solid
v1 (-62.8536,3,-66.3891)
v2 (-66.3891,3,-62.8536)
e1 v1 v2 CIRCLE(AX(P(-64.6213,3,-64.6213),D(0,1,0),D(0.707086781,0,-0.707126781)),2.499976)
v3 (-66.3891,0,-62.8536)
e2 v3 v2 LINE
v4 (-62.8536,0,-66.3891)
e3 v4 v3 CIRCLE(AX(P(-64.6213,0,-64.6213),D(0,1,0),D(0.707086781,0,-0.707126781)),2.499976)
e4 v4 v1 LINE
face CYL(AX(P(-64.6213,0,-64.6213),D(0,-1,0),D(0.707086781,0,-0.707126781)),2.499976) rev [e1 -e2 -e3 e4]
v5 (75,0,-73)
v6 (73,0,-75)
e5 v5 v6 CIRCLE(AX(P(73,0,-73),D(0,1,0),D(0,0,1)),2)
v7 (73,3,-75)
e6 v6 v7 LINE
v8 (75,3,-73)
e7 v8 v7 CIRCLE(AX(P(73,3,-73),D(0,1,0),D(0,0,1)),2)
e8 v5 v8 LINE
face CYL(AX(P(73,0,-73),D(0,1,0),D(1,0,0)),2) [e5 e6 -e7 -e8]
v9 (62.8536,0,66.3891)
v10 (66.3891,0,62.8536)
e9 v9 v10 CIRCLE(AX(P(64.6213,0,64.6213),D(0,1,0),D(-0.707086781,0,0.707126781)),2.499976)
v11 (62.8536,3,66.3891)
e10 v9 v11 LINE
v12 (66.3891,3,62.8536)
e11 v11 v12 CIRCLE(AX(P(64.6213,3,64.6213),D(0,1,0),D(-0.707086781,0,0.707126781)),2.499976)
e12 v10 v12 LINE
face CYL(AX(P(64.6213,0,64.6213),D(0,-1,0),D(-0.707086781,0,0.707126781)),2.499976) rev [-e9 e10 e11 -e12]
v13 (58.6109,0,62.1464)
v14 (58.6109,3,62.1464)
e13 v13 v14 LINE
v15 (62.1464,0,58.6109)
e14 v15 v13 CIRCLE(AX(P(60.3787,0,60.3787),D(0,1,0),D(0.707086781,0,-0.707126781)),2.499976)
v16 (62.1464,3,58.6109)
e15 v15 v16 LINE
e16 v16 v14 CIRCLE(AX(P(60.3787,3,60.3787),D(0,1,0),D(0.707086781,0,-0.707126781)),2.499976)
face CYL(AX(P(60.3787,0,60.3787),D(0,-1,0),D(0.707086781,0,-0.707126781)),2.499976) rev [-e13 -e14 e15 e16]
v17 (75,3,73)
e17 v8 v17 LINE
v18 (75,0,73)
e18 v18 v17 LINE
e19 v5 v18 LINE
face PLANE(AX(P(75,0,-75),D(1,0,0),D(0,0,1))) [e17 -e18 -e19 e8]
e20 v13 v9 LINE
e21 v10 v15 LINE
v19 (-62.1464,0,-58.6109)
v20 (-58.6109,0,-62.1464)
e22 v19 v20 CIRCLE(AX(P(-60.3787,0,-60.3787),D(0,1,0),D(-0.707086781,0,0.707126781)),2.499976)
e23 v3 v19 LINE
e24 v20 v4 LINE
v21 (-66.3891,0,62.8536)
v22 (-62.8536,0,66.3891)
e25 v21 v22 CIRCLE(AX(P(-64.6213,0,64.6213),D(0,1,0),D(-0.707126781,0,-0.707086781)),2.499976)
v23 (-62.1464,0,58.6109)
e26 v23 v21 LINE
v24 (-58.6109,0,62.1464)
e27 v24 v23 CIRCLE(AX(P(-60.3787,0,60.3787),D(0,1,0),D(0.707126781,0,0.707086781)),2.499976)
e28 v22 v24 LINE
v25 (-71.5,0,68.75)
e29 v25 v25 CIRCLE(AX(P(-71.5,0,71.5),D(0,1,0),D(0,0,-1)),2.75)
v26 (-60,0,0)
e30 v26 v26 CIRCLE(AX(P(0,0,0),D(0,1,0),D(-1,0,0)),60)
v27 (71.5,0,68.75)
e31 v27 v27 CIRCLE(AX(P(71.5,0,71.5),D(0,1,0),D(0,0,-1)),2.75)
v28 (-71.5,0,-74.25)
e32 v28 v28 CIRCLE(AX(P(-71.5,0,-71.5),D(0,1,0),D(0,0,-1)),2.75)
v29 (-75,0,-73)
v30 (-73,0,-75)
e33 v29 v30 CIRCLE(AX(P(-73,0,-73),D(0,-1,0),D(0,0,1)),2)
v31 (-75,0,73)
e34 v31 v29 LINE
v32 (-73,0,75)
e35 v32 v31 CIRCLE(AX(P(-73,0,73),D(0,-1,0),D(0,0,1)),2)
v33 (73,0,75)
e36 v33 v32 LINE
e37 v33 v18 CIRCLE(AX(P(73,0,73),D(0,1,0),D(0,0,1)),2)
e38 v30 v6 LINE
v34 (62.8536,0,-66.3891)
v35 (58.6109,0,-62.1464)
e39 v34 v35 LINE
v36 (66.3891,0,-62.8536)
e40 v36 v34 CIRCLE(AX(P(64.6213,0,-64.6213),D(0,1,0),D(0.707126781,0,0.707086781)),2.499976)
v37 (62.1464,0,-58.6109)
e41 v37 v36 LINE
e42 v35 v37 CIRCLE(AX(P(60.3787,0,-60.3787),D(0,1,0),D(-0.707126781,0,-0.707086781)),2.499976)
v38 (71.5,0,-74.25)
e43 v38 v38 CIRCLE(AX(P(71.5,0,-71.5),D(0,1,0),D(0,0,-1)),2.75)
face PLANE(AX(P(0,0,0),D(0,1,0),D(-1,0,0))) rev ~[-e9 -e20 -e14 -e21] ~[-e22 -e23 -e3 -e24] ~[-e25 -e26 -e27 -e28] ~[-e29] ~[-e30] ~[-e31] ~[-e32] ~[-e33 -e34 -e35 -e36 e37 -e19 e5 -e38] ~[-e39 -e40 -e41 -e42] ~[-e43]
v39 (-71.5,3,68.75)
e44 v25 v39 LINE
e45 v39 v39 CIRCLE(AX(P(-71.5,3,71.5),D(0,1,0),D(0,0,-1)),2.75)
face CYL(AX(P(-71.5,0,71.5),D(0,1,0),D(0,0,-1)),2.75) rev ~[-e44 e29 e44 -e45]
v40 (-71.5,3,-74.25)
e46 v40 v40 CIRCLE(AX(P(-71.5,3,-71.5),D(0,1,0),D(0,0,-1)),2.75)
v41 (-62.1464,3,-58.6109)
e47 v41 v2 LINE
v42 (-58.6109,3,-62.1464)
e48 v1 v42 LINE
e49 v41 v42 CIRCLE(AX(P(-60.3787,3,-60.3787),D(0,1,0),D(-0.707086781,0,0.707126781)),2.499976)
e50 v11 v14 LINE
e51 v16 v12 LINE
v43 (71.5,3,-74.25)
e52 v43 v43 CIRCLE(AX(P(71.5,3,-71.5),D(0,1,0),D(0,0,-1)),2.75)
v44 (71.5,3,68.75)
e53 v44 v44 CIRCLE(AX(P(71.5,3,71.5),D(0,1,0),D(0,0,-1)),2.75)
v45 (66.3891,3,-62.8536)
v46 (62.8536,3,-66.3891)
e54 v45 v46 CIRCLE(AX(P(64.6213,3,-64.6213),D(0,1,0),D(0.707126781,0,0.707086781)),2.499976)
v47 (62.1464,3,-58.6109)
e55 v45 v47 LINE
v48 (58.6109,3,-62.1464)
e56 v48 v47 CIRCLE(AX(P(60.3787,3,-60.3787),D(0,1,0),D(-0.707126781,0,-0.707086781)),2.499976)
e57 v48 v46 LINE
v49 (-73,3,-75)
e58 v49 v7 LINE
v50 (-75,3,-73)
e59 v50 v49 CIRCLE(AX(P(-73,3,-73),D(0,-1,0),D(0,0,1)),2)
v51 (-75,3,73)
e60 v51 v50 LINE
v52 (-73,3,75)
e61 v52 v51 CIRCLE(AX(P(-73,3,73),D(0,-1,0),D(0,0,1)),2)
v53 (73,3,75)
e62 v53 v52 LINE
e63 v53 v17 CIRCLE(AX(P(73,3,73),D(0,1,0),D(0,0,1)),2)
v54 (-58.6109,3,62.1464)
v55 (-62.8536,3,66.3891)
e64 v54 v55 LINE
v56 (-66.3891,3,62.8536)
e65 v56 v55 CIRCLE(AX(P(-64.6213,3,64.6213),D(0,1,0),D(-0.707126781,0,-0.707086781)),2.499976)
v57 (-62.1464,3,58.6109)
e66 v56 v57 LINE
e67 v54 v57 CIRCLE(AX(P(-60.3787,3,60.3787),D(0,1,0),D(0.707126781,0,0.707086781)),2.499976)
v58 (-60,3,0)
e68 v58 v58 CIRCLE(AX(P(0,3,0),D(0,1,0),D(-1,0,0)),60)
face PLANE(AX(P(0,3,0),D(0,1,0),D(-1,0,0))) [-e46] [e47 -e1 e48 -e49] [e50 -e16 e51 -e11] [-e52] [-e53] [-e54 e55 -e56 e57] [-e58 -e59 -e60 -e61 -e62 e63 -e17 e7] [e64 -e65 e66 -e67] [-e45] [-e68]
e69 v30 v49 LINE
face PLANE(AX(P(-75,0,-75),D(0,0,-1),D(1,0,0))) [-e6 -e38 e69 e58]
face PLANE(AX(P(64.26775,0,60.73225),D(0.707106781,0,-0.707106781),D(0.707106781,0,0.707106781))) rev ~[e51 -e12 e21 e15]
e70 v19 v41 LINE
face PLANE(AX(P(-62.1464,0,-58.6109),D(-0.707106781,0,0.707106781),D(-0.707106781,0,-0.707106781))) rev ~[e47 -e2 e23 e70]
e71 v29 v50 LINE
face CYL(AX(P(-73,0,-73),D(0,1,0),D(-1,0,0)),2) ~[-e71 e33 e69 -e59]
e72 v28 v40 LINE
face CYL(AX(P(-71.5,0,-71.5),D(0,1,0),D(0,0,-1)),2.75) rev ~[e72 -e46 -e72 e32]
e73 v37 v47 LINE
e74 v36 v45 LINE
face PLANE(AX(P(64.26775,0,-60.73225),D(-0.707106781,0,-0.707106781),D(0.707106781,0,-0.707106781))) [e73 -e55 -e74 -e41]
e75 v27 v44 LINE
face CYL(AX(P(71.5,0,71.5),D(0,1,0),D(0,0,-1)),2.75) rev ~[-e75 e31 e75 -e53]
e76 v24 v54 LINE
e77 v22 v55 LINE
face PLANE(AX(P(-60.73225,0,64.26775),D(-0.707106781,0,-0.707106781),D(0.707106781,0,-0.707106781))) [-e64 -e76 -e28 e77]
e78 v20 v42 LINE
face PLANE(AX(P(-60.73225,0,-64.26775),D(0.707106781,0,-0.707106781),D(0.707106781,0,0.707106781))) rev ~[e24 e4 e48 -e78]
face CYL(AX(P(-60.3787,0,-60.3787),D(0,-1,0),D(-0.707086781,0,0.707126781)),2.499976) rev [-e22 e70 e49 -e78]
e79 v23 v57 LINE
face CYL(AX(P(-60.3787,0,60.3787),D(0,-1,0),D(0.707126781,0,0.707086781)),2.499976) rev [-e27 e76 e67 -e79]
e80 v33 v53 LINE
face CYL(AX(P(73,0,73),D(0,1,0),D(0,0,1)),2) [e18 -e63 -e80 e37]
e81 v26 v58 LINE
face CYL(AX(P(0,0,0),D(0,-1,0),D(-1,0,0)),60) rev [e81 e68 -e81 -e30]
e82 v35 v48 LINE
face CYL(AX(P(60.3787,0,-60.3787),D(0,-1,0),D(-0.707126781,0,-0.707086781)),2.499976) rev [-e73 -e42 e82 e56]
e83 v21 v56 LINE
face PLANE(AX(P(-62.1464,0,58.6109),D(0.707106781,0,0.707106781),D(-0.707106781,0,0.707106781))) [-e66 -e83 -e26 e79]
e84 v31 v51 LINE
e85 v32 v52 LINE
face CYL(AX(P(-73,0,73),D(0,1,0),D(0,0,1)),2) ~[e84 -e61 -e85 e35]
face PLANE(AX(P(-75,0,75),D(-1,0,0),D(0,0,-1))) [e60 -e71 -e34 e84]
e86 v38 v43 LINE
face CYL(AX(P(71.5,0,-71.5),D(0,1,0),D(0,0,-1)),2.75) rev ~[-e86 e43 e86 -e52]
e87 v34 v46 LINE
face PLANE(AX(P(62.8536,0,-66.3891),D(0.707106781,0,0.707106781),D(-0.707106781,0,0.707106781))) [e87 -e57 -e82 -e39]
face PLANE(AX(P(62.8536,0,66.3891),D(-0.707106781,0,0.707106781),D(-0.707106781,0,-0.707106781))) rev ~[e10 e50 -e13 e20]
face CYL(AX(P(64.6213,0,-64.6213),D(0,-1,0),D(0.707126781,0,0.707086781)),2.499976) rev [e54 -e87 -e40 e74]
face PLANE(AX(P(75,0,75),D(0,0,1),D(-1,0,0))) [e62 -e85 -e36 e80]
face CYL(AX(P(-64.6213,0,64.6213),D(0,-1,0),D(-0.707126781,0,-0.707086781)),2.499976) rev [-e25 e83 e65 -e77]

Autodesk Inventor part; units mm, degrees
ref_plane "YZ Plane" through (0, 0, 0) normal (1, 0, 0) x (0, 1, 0)
ref_plane "XZ Plane" through (0, 0, 0) normal (0, 1, 0) x (-1, 0, 0)
ref_plane "XY Plane" through (0, 0, 0) normal (0, 0, 1) x (1, 0, 0)
sketch "Sketch1" plane through (0, 0, 0) normal (0, 1, 0) x (-1, 0, 0)
  line L0 (-75, 75) -> (75, 75)
  line L1 (75, 75) -> (75, -75)
  line L2 (75, -75) -> (-75, -75)
  line L3 (-75, -75) -> (-75, 75)
  line L4 (-75, 75) -> (75, -75) construction
  line L5 (75, 75) -> (-75, -75) construction
  circle A0 centre (0, 0) radius 60
  line L6 (-62.5, 62.5) -> (62.5, 62.5) construction
  line L7 (62.5, 62.5) -> (62.5, -62.5) construction
  line L8 (62.5, -62.5) -> (-62.5, -62.5) construction
  line L9 (-62.5, -62.5) -> (-62.5, 62.5) construction
  line L10 (-62.5, 62.5) -> (62.5, -62.5) construction
  line L11 (62.5, 62.5) -> (-62.5, -62.5) construction
  circle A1 centre (62.5, 62.5) radius 2.5
  circle A2 centre (62.5, -62.5) radius 2.5
  circle A3 centre (-62.5, 62.5) radius 2.5
  circle A4 centre (-62.5, -62.5) radius 2.5
  line L12 (64.6213, -64.6213) -> (60.3787, -60.3787) construction
  line L13 (62.8536, -66.3891) -> (58.6109, -62.1464)
  line L14 (62.1464, -58.6109) -> (66.3891, -62.8536)
  arc A5 (62.8536, -66.3891) -> (66.3891, -62.8536) centre (64.6213, -64.6213) ccw
  arc A6 (62.1464, -58.6109) -> (58.6109, -62.1464) centre (60.3787, -60.3787) ccw
  line L15 (-64.6213, -64.6213) -> (-60.3787, -60.3787) construction
  line L16 (-62.8536, -66.3891) -> (-58.6109, -62.1464)
  line L17 (-62.1464, -58.6109) -> (-66.3891, -62.8536)
  arc A7 (-66.3891, -62.8536) -> (-62.8536, -66.3891) centre (-64.6213, -64.6213) ccw
  arc A8 (-58.6109, -62.1464) -> (-62.1464, -58.6109) centre (-60.3787, -60.3787) ccw
  line L18 (-64.6213, 64.6213) -> (-60.3787, 60.3787) construction
  line L19 (-62.8536, 66.3891) -> (-58.6109, 62.1464)
  line L20 (-62.1464, 58.6109) -> (-66.3891, 62.8536)
  arc A9 (-62.8536, 66.3891) -> (-66.3891, 62.8536) centre (-64.6213, 64.6213) ccw
  arc A10 (-62.1464, 58.6109) -> (-58.6109, 62.1464) centre (-60.3787, 60.3787) ccw
  line L21 (64.6213, 64.6213) -> (60.3787, 60.3787) construction
  line L22 (62.8536, 66.3891) -> (58.6109, 62.1464)
  line L23 (62.1464, 58.6109) -> (66.3891, 62.8536)
  arc A11 (66.3891, 62.8536) -> (62.8536, 66.3891) centre (64.6213, 64.6213) ccw
  arc A12 (58.6109, 62.1464) -> (62.1464, 58.6109) centre (60.3787, 60.3787) ccw
  dimension "d0" = 150
  dimension "d1" = 150
  dimension "d2" = 120
  dimension "d3" = 125
  dimension "d4" = 5
  dimension "d5" = 5
  dimension "d6" = 5
  dimension "d7" = 5
  dimension "d21" = 3
  dimension "d22" = 3
  dimension "d23" = 3
  dimension "d24" = 3
extrude "Extrusion1" add sketch "Sketch1" along normal blind 3
sketch "Sketch2" plane through (0, 0, 0) normal (0, -1, 0) x (1, 0, 0)
  line L0 (-71.5, -71.5) -> (71.5, -71.5)
  line L1 (71.5, -71.5) -> (71.5, 71.5)
  line L2 (71.5, 71.5) -> (-71.5, 71.5)
  line L3 (-71.5, 71.5) -> (-71.5, -71.5)
  line L4 (-71.5, -71.5) -> (71.5, 71.5) construction
  line L5 (71.5, -71.5) -> (-71.5, 71.5) construction
  point P0 (0, 0)
  dimension "d11" = 143
  dimension "d19" = 143
hole "Hole1" at (-71.5, 0, 71.5) at (71.5, 0, 71.5) at (71.5, 0, -71.5) at (-71.5, 0, -71.5) direction (0, 1, 0) diameter 5.5 depth 6 tip angle 118
fillet "Fillet2" radius 2 4 edges at (-75, 1.5, 75) (75, 1.5, 75) (-75, 1.5, -75) (75, 1.5, -75)
equation "\"d8\" = d24"
properties part number "150mm_Bearing_Plate" material "Aluminum 6061"
